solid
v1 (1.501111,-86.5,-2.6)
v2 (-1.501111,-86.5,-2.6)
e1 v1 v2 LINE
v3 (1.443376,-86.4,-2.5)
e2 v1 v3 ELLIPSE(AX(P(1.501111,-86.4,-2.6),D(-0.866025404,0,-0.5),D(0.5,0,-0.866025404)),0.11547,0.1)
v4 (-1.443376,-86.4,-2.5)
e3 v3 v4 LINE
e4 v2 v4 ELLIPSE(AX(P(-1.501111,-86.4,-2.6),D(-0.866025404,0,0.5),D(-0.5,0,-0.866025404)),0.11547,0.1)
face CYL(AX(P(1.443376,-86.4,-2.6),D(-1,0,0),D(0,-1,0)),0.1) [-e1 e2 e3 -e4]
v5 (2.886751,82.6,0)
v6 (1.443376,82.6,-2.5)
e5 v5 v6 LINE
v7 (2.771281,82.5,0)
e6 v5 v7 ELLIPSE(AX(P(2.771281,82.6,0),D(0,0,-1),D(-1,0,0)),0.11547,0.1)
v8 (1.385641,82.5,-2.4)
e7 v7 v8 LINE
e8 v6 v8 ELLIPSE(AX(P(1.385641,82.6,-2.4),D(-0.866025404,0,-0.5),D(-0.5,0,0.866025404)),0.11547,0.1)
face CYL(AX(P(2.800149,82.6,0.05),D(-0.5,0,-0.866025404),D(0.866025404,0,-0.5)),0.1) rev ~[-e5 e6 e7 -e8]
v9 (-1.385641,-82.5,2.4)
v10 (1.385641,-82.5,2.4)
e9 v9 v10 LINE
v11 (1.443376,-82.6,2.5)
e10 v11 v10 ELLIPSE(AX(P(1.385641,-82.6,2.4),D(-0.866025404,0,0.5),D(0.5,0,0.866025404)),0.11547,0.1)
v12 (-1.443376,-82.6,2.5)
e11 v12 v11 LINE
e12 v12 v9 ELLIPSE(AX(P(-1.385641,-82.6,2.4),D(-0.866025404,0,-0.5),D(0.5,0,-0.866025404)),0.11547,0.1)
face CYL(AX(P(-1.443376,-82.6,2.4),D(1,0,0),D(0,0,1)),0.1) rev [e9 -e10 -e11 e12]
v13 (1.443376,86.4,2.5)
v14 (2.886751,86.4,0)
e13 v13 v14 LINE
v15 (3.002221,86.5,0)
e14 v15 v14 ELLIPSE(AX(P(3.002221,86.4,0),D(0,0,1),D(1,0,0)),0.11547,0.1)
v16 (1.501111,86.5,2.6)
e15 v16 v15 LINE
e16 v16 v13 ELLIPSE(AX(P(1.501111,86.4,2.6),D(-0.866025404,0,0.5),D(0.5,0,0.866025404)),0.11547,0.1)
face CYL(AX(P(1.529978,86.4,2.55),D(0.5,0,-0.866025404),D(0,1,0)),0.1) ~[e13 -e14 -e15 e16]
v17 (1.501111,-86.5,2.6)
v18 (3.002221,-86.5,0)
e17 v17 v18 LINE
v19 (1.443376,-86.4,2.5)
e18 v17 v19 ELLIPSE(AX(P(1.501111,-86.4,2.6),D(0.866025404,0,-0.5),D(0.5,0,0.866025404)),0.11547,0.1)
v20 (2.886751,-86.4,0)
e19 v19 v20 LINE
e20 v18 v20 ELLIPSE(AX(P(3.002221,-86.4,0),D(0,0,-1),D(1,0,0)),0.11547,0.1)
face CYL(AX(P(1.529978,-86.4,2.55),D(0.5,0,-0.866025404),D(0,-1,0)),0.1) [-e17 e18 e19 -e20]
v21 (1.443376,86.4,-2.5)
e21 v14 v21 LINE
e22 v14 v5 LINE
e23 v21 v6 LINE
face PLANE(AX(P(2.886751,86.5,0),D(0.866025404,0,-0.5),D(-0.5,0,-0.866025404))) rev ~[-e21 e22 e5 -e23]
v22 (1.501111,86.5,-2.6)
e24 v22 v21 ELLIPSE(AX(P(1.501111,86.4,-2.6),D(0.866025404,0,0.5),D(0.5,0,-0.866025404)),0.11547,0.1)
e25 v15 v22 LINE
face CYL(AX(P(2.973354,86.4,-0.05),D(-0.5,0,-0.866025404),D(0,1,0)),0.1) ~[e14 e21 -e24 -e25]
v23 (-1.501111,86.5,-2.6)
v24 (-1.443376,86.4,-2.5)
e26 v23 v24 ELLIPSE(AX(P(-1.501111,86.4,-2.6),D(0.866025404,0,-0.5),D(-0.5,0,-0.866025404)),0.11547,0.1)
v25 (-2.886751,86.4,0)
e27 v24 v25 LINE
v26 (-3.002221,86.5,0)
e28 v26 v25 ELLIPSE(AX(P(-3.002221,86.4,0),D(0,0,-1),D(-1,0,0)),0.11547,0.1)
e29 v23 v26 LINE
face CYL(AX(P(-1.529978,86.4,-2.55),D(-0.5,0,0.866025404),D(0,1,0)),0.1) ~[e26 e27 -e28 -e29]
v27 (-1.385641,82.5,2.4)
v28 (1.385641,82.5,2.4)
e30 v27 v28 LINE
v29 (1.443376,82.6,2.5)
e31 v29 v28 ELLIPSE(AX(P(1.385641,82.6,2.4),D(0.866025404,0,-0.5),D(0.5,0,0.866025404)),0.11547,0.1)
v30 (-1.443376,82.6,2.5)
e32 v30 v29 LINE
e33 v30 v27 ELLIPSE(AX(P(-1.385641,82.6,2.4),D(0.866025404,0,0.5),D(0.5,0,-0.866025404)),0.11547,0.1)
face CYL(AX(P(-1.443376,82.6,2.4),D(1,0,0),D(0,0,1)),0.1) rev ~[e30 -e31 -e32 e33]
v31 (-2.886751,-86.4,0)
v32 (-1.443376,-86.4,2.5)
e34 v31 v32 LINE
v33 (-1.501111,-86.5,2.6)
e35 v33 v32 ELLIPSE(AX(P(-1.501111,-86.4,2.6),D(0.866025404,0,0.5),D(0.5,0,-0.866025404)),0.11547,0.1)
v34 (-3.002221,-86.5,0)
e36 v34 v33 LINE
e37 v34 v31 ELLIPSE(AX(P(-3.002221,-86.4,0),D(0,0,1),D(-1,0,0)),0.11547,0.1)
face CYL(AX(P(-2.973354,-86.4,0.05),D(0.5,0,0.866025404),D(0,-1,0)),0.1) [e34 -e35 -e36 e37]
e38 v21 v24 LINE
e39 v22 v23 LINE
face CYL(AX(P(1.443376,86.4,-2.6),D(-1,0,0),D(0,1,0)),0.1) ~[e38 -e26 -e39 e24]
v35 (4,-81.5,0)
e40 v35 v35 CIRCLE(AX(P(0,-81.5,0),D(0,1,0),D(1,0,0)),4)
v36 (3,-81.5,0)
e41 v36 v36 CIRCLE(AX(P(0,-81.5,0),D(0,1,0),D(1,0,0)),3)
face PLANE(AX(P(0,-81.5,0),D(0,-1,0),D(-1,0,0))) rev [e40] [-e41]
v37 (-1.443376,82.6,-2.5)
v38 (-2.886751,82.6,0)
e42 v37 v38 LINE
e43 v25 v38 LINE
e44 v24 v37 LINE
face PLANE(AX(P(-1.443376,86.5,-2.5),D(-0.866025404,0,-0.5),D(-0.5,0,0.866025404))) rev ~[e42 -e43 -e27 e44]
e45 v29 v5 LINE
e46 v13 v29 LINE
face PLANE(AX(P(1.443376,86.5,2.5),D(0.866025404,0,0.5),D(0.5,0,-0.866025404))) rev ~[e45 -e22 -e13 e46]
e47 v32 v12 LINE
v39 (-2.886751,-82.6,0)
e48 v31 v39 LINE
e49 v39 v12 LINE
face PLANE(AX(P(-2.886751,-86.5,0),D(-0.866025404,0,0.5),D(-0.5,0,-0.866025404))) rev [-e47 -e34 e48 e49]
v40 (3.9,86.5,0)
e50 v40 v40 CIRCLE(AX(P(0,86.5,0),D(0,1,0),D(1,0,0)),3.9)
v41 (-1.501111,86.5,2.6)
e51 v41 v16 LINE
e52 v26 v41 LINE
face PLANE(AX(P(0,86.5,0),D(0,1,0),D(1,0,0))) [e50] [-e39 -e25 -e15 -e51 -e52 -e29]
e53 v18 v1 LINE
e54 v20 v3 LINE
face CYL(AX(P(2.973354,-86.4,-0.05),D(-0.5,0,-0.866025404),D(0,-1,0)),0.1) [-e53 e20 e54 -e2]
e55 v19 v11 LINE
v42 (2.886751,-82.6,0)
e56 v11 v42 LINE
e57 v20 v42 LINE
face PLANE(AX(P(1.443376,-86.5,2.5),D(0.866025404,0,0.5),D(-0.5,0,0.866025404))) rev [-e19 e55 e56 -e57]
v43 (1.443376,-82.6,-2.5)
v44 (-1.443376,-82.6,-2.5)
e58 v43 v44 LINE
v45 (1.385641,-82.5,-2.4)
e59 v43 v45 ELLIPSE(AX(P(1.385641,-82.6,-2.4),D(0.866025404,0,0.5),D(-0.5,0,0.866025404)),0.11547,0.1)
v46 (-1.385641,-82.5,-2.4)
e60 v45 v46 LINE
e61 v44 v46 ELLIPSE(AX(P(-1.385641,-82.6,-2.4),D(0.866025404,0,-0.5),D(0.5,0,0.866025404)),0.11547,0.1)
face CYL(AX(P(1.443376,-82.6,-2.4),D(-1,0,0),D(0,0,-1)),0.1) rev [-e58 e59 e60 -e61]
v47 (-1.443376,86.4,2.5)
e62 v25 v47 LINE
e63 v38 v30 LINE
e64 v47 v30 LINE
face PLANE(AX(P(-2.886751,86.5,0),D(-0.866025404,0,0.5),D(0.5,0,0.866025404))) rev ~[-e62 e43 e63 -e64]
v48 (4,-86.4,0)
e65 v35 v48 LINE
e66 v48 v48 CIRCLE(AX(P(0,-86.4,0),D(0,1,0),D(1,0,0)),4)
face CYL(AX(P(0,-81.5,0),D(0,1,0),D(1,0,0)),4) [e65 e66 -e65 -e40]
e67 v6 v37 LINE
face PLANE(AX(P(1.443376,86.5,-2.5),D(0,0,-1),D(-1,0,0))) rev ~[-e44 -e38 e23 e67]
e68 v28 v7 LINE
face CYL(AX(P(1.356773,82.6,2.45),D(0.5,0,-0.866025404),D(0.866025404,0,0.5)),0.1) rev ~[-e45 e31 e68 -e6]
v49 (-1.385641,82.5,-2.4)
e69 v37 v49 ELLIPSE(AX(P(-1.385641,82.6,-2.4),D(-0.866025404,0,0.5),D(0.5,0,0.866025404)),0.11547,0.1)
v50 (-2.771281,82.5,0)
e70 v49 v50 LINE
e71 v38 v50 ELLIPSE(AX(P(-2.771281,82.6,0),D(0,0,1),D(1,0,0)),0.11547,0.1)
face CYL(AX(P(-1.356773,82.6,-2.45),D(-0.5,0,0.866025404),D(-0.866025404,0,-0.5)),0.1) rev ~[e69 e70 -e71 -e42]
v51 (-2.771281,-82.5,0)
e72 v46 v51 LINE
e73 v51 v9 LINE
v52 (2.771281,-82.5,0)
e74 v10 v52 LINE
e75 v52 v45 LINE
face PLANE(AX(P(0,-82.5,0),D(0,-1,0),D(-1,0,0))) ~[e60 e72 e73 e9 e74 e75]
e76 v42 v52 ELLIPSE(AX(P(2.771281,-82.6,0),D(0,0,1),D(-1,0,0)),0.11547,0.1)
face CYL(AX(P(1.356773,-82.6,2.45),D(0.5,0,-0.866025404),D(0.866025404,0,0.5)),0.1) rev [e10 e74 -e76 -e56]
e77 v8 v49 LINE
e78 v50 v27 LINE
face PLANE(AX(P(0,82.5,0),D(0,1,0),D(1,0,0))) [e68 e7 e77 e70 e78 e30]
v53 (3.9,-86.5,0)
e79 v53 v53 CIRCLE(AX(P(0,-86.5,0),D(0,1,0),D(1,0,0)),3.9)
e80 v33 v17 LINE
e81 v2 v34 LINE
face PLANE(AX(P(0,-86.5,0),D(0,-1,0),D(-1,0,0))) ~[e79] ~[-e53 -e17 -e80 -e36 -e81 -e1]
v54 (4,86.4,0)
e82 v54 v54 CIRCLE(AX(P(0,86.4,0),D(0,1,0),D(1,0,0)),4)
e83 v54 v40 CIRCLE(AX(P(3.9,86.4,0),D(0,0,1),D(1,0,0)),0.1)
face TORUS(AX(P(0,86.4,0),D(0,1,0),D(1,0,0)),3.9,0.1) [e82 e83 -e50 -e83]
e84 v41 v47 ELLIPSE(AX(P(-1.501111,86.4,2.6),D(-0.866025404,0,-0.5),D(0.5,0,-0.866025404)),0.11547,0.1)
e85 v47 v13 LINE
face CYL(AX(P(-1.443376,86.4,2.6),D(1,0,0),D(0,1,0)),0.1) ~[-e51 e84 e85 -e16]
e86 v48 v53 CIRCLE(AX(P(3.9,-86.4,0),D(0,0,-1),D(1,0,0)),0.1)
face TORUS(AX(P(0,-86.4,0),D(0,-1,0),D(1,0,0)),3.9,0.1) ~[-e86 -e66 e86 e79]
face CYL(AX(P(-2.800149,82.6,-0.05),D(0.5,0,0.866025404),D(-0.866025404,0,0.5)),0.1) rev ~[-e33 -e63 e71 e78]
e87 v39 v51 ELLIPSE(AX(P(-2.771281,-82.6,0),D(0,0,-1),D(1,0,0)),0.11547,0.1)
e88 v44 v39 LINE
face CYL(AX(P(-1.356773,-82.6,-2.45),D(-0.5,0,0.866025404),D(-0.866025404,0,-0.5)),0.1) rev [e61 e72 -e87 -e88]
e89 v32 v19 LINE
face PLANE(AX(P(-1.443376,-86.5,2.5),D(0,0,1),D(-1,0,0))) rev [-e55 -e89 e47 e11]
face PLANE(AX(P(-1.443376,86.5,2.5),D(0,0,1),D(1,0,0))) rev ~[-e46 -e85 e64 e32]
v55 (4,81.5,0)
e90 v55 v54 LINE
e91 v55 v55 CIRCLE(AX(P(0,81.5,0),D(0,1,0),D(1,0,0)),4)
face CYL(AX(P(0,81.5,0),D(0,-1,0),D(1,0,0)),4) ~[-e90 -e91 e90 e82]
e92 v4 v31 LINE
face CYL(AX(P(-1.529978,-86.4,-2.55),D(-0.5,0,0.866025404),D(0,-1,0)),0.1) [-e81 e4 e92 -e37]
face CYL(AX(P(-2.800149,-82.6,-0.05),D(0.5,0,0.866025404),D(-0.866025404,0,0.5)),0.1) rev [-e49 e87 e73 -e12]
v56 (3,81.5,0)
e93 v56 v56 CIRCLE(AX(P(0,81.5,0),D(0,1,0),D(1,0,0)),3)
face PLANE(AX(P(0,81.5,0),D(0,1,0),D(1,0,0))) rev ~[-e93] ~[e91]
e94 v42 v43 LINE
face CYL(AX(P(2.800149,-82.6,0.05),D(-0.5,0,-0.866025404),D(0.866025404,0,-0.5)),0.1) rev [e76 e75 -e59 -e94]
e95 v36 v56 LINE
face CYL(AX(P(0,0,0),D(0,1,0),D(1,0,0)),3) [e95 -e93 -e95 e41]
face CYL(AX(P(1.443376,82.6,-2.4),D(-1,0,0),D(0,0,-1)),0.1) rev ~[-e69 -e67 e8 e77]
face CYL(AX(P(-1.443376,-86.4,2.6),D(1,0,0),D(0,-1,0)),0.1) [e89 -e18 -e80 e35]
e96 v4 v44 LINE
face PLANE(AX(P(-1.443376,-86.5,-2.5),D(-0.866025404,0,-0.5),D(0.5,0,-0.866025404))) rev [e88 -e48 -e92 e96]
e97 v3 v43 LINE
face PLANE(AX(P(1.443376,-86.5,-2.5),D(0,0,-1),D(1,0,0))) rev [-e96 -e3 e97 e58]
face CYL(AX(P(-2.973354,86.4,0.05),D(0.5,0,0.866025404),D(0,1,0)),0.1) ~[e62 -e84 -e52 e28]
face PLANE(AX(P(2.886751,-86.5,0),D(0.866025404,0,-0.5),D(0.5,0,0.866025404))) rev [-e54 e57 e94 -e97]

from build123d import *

# Parameters (mm, degrees)
SKETCH2_R            = 3
BOSS_EXTRUDE1_DEPTH  = 81.5
SKETCH4_R            = 4
BOSS_EXTRUDE2_DEPTH  = 5
CUT_EXTRUDE1_DEPTH   = 4
FILLET1_R            = 0.1
FILLET1_OF_MIRROR1_R = 0.1


with BuildPart() as part:
    # Sketch2 → Boss-Extrude1 (new body, symmetric)
    with BuildSketch(Plane(origin=(0, 0, 0), x_dir=(1, 0, 0), z_dir=(0, 1, 0))):
        Circle(SKETCH2_R)
    extrude(amount=BOSS_EXTRUDE1_DEPTH, both=True)

    # Sketch4 → Boss-Extrude2 (add)
    with BuildSketch(Plane(origin=(0, 81.5, 0), x_dir=(1, 0, 0), z_dir=(0, 1, 0))):
        Circle(SKETCH4_R)
    boss_extrude2 = extrude(amount=BOSS_EXTRUDE2_DEPTH)

    # Sketch5 → Cut-Extrude1 (cut)
    with BuildSketch(Plane(origin=(0, 86.5, 0), x_dir=(1, 0, 0), z_dir=(0, 1, 0))):
        Polygon((1.443375673, -2.5), (2.886751346, 0), (1.443375673, 2.5), (-1.443375673, 2.5), (-2.886751346, 0), (-1.443375673, -2.5), align=None)
    cut_extrude1 = extrude(amount=-CUT_EXTRUDE1_DEPTH, mode=Mode.SUBTRACT)

    # Fillet1
    fillet1_edges = [part.edges().sort_by_distance(p)[0] for p in [
        (0, 82.5, 2.5),
        (-2.165063509, 82.5, 1.25),
        (-2.165063509, 82.5, -1.25),
        (0, 82.5, -2.5),
        (2.165063509, 82.5, -1.25),
        (2.165063509, 82.5, 1.25),
        (0, 86.5, 2.5),
        (2.165063509, 86.5, 1.25),
        (2.165063509, 86.5, -1.25),
        (0, 86.5, -2.5),
        (-2.165063509, 86.5, -1.25),
        (-2.165063509, 86.5, 1.25),
        (-4, 86.5, 0),
    ]]
    fillet(fillet1_edges, radius=FILLET1_R)

    # Mirror1: Boss-Extrude2, Cut-Extrude1 across plane
    add(boss_extrude2.mirror(Plane.ZX))
    add(cut_extrude1.mirror(Plane.ZX), mode=Mode.SUBTRACT)

    # Fillet1 of Mirror1
    fillet1_of_mirror1_edges = [part.edges().sort_by_distance(p)[0] for p in [
        (0, -82.5, 2.5),
        (-2.165063509, -82.5, 1.25),
        (-2.165063509, -82.5, -1.25),
        (0, -82.5, -2.5),
        (2.165063509, -82.5, -1.25),
        (2.165063509, -82.5, 1.25),
        (0, -86.5, 2.5),
        (2.165063509, -86.5, 1.25),
        (2.165063509, -86.5, -1.25),
        (0, -86.5, -2.5),
        (-2.165063509, -86.5, -1.25),
        (-2.165063509, -86.5, 1.25),
        (-4, -86.5, 0),
    ]]
    fillet(fillet1_of_mirror1_edges, radius=FILLET1_OF_MIRROR1_R)


solid = part.part
